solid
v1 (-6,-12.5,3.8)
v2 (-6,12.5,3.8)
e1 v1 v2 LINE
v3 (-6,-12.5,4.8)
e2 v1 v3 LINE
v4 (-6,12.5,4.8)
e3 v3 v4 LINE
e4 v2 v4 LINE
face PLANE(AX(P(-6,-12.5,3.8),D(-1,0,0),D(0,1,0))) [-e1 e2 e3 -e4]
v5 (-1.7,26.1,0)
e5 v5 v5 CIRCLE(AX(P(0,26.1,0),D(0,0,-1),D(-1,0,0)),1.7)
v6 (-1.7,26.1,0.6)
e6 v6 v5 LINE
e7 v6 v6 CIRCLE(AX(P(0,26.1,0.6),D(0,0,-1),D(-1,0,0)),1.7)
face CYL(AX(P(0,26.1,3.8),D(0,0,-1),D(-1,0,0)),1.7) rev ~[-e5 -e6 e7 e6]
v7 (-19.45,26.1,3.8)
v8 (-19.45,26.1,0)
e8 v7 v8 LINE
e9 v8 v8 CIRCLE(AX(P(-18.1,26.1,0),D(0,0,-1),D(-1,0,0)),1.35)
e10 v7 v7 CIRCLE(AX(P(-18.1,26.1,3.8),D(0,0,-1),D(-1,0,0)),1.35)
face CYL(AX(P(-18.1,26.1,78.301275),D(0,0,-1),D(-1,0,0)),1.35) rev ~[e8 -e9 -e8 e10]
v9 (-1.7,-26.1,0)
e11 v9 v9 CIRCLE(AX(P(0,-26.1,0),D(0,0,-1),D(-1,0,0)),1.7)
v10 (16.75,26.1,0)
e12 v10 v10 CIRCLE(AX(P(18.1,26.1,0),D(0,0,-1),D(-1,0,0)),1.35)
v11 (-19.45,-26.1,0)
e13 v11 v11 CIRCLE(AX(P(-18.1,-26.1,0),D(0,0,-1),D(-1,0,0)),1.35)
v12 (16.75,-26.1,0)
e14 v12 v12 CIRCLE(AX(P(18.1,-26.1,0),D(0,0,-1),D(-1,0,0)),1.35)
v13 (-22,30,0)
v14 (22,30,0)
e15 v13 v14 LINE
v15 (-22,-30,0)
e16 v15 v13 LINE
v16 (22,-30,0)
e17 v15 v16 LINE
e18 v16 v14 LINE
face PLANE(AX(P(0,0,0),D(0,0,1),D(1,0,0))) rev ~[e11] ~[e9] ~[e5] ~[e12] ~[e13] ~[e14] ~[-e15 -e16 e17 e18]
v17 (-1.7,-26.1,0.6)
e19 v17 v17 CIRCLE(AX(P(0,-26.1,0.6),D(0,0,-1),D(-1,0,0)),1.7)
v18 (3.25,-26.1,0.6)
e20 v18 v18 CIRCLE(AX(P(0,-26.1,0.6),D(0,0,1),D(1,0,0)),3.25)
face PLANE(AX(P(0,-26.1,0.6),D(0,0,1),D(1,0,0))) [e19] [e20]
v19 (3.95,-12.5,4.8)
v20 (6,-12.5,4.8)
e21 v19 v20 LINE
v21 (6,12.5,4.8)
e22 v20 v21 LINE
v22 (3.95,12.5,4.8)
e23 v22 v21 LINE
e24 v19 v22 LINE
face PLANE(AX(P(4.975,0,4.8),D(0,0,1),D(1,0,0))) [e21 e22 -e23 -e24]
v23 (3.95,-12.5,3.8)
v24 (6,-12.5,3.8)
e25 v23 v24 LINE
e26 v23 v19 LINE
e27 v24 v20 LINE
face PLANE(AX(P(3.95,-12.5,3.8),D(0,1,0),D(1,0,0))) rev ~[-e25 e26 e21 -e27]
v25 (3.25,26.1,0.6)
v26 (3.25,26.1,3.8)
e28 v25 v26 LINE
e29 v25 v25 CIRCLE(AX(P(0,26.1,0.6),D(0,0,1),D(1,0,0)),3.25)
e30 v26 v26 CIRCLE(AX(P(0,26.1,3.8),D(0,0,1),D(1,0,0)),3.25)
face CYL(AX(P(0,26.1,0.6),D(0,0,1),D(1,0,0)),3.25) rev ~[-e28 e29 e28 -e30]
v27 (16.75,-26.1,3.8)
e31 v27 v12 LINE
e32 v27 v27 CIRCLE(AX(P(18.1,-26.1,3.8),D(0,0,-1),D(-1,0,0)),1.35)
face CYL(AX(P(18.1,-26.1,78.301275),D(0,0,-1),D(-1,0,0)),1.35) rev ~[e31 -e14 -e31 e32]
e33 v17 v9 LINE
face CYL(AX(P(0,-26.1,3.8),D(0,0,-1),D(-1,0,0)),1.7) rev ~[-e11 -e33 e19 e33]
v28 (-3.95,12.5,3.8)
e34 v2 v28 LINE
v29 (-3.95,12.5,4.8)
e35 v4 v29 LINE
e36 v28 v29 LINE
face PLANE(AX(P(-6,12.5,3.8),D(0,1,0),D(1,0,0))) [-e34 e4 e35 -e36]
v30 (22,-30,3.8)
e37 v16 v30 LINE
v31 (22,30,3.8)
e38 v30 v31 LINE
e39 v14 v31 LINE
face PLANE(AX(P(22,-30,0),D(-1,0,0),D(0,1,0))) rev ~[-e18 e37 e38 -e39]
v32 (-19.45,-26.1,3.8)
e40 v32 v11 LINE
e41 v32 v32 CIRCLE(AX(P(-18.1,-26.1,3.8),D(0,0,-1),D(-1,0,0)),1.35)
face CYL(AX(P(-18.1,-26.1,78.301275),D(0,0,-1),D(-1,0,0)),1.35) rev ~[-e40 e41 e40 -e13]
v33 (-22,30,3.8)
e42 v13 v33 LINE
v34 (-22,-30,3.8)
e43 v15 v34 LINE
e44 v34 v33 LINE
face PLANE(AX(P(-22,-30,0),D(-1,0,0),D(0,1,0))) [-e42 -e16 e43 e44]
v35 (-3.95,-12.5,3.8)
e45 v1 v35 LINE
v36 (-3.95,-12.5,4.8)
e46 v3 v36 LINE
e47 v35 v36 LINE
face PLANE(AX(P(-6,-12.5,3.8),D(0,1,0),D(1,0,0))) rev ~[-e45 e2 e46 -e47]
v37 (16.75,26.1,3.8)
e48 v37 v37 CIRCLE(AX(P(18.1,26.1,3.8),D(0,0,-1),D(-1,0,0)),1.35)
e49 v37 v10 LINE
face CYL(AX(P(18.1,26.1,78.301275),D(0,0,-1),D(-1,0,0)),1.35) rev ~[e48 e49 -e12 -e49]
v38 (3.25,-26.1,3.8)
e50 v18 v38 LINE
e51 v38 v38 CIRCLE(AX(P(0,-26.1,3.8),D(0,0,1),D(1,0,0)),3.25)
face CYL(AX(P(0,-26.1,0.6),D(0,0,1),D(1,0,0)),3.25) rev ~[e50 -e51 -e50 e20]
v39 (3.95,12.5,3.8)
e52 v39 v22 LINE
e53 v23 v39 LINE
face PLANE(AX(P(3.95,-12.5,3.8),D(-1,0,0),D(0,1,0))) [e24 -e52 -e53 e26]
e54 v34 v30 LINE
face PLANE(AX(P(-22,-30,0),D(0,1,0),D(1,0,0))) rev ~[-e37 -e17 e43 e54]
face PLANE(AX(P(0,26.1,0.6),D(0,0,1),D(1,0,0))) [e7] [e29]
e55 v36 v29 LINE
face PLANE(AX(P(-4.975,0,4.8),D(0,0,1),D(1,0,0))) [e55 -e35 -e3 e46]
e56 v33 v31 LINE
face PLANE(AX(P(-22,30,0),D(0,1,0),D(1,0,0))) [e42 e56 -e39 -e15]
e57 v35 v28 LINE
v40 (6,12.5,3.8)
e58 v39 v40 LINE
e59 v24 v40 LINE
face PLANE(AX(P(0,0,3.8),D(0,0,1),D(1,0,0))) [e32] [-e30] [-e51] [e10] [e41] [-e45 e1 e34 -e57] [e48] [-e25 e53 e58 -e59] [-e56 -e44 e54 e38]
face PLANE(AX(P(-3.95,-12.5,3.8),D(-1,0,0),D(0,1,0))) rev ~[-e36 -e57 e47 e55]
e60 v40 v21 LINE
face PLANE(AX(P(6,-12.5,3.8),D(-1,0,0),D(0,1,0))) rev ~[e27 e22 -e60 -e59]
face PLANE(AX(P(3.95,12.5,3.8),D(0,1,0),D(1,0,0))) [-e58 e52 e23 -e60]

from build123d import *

# Parameters (mm, degrees)
F0_W           = 44
F0_H           = 60
F1_DEPTH       = 3.8
F3_D           = 2.7
F4_D           = 3.4
F4_CBORE_D     = 6.5
F4_CBORE_DEPTH = 3.2
F5_W           = 2.05
F5_H           = 25
F6_DEPTH       = 1


with BuildPart() as f1:
    # F0 (on Top) → F1 (new body)
    with BuildSketch(Plane.XY):
        Rectangle(F0_W, F0_H)
    extrude(amount=F1_DEPTH)

    # F3 (through all)
    with Locations(Plane.XY.offset(3.8)):
        with Locations((-18.1, 26.1), (18.1, 26.1), (18.1, -26.1), (-18.1, -26.1)):
            Hole(F3_D / 2)

    # F4 (through all)
    with Locations(Plane.XY.offset(3.8)):
        with Locations((0, 26.1), (0, -26.1)):
            CounterBoreHole(F4_D / 2, F4_CBORE_D / 2, F4_CBORE_DEPTH)

    # F5 (on face) → F6 (join)
    with BuildSketch(Plane.XY.offset(3.8)):
        with Locations((-4.975, 0)):
            Rectangle(F5_W, F5_H)
        with Locations((4.975, 0)):
            Rectangle(F5_W, F5_H)
    extrude(amount=F6_DEPTH)


solid = f1.part
